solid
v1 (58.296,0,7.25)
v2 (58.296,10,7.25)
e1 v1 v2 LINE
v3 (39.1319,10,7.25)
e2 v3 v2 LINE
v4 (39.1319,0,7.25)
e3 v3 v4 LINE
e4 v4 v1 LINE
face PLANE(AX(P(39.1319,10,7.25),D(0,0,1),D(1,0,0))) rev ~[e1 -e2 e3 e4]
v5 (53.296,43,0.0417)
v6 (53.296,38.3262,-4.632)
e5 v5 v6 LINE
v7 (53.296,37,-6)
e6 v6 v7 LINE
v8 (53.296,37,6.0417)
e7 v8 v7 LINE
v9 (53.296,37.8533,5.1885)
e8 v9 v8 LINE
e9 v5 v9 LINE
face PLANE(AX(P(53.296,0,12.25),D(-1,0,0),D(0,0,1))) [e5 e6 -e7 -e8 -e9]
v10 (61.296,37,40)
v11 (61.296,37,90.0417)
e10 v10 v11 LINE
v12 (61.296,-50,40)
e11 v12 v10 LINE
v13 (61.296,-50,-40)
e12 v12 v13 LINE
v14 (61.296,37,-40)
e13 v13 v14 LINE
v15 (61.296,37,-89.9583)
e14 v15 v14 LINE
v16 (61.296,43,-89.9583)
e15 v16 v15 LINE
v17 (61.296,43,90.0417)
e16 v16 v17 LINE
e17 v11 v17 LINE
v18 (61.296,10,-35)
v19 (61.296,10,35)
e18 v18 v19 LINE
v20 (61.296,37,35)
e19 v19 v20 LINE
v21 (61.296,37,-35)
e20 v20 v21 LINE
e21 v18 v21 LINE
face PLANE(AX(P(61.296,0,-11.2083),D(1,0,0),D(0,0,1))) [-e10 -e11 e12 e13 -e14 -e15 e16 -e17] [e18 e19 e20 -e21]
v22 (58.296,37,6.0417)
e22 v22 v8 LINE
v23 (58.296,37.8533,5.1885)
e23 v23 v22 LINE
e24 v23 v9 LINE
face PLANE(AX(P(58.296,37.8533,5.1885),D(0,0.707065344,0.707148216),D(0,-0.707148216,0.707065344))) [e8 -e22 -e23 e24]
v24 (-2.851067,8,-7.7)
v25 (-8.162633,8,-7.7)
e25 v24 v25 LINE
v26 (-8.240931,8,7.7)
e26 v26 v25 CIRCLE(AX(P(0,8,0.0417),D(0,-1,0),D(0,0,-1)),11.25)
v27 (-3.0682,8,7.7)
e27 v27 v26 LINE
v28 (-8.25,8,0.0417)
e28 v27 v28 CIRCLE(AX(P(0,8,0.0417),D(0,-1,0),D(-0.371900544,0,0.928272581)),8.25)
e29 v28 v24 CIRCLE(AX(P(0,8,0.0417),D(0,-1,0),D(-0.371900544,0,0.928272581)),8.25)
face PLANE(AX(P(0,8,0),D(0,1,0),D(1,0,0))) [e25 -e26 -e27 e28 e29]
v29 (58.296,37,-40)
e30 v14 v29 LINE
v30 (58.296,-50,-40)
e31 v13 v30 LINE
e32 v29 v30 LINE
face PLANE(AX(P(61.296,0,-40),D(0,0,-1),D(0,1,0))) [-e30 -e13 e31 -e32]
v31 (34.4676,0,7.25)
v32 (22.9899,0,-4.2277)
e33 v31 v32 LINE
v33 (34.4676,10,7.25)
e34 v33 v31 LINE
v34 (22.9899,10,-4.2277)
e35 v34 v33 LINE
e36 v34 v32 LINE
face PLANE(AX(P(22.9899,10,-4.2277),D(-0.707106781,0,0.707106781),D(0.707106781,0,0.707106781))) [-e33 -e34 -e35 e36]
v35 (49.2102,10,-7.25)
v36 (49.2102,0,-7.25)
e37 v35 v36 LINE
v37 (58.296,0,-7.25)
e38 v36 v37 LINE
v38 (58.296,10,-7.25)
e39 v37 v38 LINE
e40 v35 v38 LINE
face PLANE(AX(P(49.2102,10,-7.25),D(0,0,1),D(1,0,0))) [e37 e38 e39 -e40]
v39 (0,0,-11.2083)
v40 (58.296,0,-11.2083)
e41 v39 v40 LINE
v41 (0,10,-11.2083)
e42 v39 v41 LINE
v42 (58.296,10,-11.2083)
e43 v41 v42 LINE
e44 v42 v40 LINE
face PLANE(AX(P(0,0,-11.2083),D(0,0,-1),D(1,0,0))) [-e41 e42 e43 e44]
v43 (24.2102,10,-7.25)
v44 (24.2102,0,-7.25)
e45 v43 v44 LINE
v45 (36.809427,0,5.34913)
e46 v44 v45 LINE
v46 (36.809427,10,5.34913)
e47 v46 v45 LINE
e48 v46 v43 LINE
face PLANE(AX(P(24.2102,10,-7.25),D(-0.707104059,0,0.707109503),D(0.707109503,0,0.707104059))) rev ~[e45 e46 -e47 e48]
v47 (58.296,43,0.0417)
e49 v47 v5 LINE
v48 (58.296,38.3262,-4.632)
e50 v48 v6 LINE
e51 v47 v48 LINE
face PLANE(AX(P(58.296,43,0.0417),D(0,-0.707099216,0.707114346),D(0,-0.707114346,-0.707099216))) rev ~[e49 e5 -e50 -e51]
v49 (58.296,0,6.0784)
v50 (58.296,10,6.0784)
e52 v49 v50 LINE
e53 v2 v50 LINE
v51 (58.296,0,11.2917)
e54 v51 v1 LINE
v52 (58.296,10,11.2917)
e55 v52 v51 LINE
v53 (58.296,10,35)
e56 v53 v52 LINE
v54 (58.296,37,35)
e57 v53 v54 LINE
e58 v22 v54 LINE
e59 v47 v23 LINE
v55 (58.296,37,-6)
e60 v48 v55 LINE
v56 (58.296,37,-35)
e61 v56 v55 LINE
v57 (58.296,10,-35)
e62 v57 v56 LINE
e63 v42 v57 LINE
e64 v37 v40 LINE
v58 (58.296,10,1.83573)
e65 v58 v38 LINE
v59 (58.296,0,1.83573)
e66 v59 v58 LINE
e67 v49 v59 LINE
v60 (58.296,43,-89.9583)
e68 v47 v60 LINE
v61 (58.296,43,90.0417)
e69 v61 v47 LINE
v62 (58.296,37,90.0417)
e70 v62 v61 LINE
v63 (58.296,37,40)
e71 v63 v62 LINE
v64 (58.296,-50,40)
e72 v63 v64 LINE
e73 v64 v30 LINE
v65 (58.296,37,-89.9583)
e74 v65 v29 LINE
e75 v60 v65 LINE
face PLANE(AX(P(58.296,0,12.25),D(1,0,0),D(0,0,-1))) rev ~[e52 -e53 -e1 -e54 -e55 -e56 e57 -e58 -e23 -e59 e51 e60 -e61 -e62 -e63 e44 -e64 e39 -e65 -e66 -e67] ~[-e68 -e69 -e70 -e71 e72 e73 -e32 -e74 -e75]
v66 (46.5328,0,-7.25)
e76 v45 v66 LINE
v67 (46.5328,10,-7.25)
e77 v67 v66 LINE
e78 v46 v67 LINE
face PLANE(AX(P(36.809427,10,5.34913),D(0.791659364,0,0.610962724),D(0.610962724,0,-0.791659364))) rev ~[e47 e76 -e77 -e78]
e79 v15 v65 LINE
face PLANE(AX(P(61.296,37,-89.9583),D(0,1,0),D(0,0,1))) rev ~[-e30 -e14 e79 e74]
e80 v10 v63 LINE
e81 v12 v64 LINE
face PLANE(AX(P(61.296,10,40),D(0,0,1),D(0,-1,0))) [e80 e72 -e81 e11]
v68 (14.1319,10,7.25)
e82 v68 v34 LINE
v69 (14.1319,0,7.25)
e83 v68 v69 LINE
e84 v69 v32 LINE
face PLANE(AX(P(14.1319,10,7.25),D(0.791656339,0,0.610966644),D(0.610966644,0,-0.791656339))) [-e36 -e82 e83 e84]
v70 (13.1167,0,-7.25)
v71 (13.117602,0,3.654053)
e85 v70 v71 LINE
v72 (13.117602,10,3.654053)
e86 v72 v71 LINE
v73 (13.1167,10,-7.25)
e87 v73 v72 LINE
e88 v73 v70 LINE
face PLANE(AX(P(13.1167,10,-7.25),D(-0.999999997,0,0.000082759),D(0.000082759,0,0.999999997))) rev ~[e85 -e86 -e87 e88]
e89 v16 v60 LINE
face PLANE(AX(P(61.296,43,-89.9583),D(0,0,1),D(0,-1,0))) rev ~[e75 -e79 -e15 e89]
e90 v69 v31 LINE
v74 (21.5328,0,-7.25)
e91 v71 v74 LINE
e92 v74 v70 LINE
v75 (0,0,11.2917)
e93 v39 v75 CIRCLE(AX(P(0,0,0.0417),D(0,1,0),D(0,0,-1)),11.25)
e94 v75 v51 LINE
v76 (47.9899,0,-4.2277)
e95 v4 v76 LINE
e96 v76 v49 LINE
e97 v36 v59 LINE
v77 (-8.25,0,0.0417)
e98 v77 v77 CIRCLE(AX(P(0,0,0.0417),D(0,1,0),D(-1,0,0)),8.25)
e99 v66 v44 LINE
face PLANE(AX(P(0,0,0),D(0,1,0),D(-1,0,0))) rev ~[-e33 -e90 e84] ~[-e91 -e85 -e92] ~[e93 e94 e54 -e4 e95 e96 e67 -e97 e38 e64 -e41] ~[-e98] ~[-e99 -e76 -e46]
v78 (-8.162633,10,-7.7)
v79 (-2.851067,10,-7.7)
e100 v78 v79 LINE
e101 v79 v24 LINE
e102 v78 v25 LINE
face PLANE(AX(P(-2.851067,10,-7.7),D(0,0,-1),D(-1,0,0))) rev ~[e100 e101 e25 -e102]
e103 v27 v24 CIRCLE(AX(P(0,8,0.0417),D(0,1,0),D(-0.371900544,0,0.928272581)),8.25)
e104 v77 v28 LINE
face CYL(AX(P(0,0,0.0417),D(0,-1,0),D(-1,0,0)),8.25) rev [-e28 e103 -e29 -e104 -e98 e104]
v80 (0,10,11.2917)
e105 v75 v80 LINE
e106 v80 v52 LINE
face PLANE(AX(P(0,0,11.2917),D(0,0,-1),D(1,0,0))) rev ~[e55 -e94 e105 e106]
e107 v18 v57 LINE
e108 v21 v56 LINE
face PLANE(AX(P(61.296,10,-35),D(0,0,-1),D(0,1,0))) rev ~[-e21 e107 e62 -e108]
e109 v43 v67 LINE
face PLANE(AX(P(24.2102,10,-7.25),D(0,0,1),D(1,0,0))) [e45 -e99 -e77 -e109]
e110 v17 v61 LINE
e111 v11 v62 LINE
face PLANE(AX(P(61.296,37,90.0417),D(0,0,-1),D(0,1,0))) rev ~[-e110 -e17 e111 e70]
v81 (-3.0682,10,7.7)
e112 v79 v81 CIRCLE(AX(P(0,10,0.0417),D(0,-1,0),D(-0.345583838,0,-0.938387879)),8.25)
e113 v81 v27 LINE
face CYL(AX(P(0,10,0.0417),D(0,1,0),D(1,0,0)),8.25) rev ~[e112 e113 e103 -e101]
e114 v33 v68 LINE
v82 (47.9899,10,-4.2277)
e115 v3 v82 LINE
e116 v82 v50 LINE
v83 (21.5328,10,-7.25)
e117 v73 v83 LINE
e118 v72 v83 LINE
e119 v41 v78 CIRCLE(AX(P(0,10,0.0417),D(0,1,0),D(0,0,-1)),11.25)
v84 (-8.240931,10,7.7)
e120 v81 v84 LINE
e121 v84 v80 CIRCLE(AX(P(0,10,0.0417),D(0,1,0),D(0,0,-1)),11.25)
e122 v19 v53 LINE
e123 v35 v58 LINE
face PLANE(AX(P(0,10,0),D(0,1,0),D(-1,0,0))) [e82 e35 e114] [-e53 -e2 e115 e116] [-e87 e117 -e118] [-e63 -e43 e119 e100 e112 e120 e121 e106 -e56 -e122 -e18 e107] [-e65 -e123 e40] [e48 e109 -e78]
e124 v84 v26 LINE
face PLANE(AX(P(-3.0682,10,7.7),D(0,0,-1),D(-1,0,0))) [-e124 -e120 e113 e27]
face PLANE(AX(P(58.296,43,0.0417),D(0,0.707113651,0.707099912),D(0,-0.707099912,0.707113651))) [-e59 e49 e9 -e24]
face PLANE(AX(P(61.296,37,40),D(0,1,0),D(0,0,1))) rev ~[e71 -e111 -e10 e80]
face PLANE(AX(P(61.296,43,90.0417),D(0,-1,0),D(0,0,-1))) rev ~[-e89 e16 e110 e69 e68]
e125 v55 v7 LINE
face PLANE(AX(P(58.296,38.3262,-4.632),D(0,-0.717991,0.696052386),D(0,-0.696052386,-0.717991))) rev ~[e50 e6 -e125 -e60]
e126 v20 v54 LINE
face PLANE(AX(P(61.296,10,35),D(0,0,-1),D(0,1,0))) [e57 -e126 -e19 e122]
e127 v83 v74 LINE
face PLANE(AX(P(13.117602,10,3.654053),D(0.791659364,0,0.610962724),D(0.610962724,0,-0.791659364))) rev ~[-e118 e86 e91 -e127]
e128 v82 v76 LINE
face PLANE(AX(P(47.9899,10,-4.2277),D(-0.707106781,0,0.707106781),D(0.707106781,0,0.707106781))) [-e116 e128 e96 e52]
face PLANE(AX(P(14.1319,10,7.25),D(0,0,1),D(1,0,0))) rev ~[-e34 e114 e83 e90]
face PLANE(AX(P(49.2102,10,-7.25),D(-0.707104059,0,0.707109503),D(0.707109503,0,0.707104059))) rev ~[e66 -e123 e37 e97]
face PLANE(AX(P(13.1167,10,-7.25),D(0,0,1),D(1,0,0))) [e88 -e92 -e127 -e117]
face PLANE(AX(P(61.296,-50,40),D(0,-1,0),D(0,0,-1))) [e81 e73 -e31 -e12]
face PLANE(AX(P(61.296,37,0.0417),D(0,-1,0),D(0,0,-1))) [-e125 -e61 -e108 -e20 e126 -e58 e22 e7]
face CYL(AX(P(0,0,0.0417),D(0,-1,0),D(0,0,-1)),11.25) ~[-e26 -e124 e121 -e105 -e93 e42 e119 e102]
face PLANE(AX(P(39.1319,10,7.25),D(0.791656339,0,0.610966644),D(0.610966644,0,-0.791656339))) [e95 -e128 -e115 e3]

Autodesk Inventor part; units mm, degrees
ref_plane "YZ Plane" through (0, 0, 0) normal (1, 0, 0) x (0, 1, 0)
ref_plane "XZ Plane" through (0, 0, 0) normal (0, 1, 0) x (-1, 0, 0)
ref_plane "XY Plane" through (0, 0, 0) normal (0, 0, 1) x (1, 0, 0)
sketch "Sketch1" plane through (0, 0, 0) normal (0, 1, 0) x (-1, 0, 0)
  line L0 (-122.594, 12.25) -> (-122.594, -12.2908)
  line L1 (-61.296, -11.2083) -> (-61.296, 11.2917)
  line L2 (0, 0) -> (-13.1, 0)
  line L3 (-61.296, 0) -> (-63.296, 0)
  circle A0 centre (0, 0.0417) radius 8.25
  arc A1 (0, -11.2083) -> (0, 11.2917) centre (0, 0.0417) ccw
  line L4 (0, -11.2083) -> (-61.296, -11.2083)
  line L5 (0, 11.2917) -> (-61.296, 11.2917)
  dimension "d24" = 61.296
  dimension "d28" = 16.5
  dimension "d30" = 3
extrude "Extrusion1" add sketch "Sketch1" along normal blind 10
sketch "Sketch3" plane through (0, 10, 0) normal (0, 1, 0) x (1, 0, 0)
  line L0 (8.1183, -12.2504) -> (8.1163, 12.2496)
  line L1 (13.1167, 7.25) -> (13.1179, -7.25)
  line L2 (39.1319, -7.25) -> (47.9899, 4.2277)
  line L3 (36.5087, -5.7388) -> (46.5328, 7.25)
  line L4 (49.2102, 7.25) -> (62.1991, -5.7388)
  line L5 (13.1179, -7.25) -> (61.3127, -7.25)
  line L6 (61.296, -11.2917) -> (61.296, 11.2083) projected
  line L7 (13.1167, 7.25) -> (61.3127, 7.25)
  line L8 (61.3127, -7.25) -> (61.3127, 7.25)
  line L9 (47.9899, 4.2277) -> (59.4676, -7.25)
  line L10 (61.296, -9.1202) -> (61.4899, -9.3141)
  line L11 (49.2102, 7.25) -> (61.296, -4.8775)
  line L12 (13.1179, -7.25) -> (21.1056, -7.25)
  line L13 (21.1056, 7.25) -> (13.1179, 7.25)
  line L14 (13.1179, 7.25) -> (13.1179, -7.25)
  line L15 (24.1056, -7.25) -> (33.7772, -7.25)
  line L16 (21.1057, 5.5674) -> (21.1056, 5.5673)
  line L17 (23.5198, 7.25) -> (23.5198, -7.25)
  line L18 (36.5087, -5.7388) -> (35.3424, -7.25)
  line L19 (11.5087, -5.7388) -> (10.3424, -7.25)
  line L20 (11.5087, -5.7388) -> (21.5328, 7.25)
  line L21 (14.1319, -7.25) -> (22.9899, 4.2277)
  line L22 (22.9899, 4.2277) -> (34.4676, -7.25)
  line L23 (24.2102, 7.25) -> (36.296, -4.8775)
  line L24 (24.2102, 7.25) -> (37.1991, -5.7388)
  line L25 (36.3127, -7.25) -> (36.3127, 7.25)
  line L26 (36.296, -9.1202) -> (36.4899, -9.3141)
  point P0 (0, 0)
  point P1 (0, 0)
  point P2 (61.297, -12.25)
  point P3 (61.295, 12.2704)
  point P4 (62.1991, -5.7388)
  point P5 (61.2954, 7.25)
  point P6 (61.296, -4.8358)
  point P7 (61.296, -7.25)
  point P8 (61.296, 7.25)
  point P9 (13.1179, -1.906)
  point P10 (36.8094, -5.3492)
  point P11 (13.1179, -3.6537)
  point P12 (21.5328, 7.25)
  dimension "d9" = 5
  dimension "d53" = 25
extrude "Extrusion2" cut sketch "Sketch3" against normal blind 10 contours L7 L20 L1 | L21 L22 L17 L5 | L7 L25 L24 | L22 L5 L17 | L7 L3 L24 L25 | L7 L6 L4 | L2 L9 L5
sketch "Sketch7" plane through (0, 10, 0) normal (0, 1, 0) x (1, 0, 0)
  circle A0 centre (0, 0) radius 62.296
  dimension "d20" = 124.592
sketch "Sketch8" plane through (61.296, 0, 12.25) normal (1, 0, 0) x (0, 0, -1)
  line L0 (-27.75, 0) -> (52.25, 0)
  line L1 (52.25, 0) -> (52.25, 10)
  line L2 (52.25, 10) -> (-27.75, 10)
  line L3 (-27.75, 10) -> (-27.75, 0)
  line L4 (-27.75, 0) -> (52.25, 10) construction
  line L5 (52.25, 0) -> (-27.75, 10) construction
  line L6 (52.25, 10) -> (-27.75, 10)
  line L7 (-27.75, 10) -> (-27.75, -50)
  line L8 (-27.75, -50) -> (52.25, -50)
  line L9 (52.25, -50) -> (52.25, 10)
  line L10 (52.25, 10) -> (47.25, 10)
  line L11 (47.25, 10) -> (47.25, 37)
  line L12 (-27.75, 10) -> (52.25, 10)
  line L13 (-27.75, 37) -> (-27.75, 10)
  line L14 (-27.75, 10) -> (-22.75, 10)
  line L15 (-22.75, 10) -> (-22.75, 37)
  line L16 (-22.75, 37) -> (47.25, 37)
  line L17 (52.25, 43) -> (-27.75, 43)
  line L18 (-30.75, 10.375) -> (-30.75, 10)
  line L19 (-77.7917, 37) -> (-77.7917, 43)
  line L20 (-77.7917, 43) -> (102.2083, 43)
  line L21 (102.2083, 43) -> (102.2083, 37)
  line L22 (102.2083, 37) -> (-77.7917, 43) construction
  line L23 (-77.7917, 37) -> (102.2083, 43) construction
  line L24 (-27.75, 37) -> (-77.7917, 37)
  line L25 (52.25, 10) -> (52.25, 37)
  line L26 (52.25, 37) -> (52.25, 10)
  line L27 (102.2083, 37) -> (52.25, 37)
  line L28 (47.25, 37) -> (-22.75, 37)
  line L29 (23.4583, 10) -> (0.9583, 10) projected
  line L30 (12.2083, 10) -> (12.2083, 37)
  point P0 (12.25, 0)
  point P1 (47.25, 10)
  point P2 (-57.7845, 37.6669)
  point P3 (47.25, 10)
  point P4 (12.2083, 40)
  dimension "d21" = 80
  dimension "d34" = 60
  dimension "d41" = 5
  dimension "d44" = 180
  dimension "d58" = 0
extrude "Extrusion4" add sketch "Sketch8" against normal blind 3 contours L3 L2 L1 L0 | L0 L9 L8 L7 | L13 L24 L19 L20 L17 L21 L27 L25 L2 L11 L16 L15
sketch "Sketch11" plane through (0, 10, 0) normal (0, 1, 0) x (1, 0, 0)
  circle A0 centre (0, -0.0417) radius 8.25 projected
  line L0 (-3.0682, -7.7) -> (-14.6805, -7.7)
  line L1 (-14.6805, -7.7) -> (-14.6805, 7.7)
  line L2 (-14.6805, 7.7) -> (-3.0682, 7.7)
  line L3 (-3.0682, 7.7) -> (-3.0682, 7.6165)
  line L4 (-3.0682, -7.7) -> (0, -7.7)
  line L5 (0, -7.7) -> (0, -0.0417)
  line L6 (0, -0.0417) -> (0, 7.7)
  line L7 (0, 7.7) -> (-3.0682, 7.7)
  point P0 (0, 0)
  point P1 (-4.1158, 7.1083)
  point P2 (-2.8509, 7.7)
  dimension "d39" = 15.4
  dimension "d40" = 7.7
extrude "Extrusion6" cut sketch "Sketch11" against normal blind 2 contours L3 L7 A0 | A0 L0 L1 L2 L3 | L4 L5 L6 L7 A0 picked at (0.9906, 5.1042)
sketch "Sketch12" plane through (58.296, 0, 12.25) normal (-1, 0, 0) x (0, 0, 1)
  point P0 (-12.25, 0)
sketch "Sketch14" plane through (58.296, 0, 12.25) normal (-1, 0, 0) x (0, 0, 1)
  line L0 (-102.2083, 43) -> (77.7917, 43) projected
  line L1 (22.75, 37) -> (-47.25, 37) projected
  line L2 (-12.2083, 43) -> (-16.882, 38.3262)
  line L3 (-12.2083, 43) -> (-5.5985, 43) construction
  line L4 (-16.882, 38.3262) -> (-18.25, 37)
  line L5 (-12.2083, 43) -> (-7.0615, 37.8533)
  line L6 (-12.2083, 43) -> (-4.9297, 43) construction
  line L7 (-7.0615, 37.8533) -> (-6.2083, 37)
  line L8 (-6.2083, 37) -> (-18.25, 37)
  point P0 (-12.25, 0)
  dimension "d45" = 135
  dimension "d46" = 45
extrude "Extrusion7" add sketch "Sketch14" along normal blind 5
properties part number "Tower"
